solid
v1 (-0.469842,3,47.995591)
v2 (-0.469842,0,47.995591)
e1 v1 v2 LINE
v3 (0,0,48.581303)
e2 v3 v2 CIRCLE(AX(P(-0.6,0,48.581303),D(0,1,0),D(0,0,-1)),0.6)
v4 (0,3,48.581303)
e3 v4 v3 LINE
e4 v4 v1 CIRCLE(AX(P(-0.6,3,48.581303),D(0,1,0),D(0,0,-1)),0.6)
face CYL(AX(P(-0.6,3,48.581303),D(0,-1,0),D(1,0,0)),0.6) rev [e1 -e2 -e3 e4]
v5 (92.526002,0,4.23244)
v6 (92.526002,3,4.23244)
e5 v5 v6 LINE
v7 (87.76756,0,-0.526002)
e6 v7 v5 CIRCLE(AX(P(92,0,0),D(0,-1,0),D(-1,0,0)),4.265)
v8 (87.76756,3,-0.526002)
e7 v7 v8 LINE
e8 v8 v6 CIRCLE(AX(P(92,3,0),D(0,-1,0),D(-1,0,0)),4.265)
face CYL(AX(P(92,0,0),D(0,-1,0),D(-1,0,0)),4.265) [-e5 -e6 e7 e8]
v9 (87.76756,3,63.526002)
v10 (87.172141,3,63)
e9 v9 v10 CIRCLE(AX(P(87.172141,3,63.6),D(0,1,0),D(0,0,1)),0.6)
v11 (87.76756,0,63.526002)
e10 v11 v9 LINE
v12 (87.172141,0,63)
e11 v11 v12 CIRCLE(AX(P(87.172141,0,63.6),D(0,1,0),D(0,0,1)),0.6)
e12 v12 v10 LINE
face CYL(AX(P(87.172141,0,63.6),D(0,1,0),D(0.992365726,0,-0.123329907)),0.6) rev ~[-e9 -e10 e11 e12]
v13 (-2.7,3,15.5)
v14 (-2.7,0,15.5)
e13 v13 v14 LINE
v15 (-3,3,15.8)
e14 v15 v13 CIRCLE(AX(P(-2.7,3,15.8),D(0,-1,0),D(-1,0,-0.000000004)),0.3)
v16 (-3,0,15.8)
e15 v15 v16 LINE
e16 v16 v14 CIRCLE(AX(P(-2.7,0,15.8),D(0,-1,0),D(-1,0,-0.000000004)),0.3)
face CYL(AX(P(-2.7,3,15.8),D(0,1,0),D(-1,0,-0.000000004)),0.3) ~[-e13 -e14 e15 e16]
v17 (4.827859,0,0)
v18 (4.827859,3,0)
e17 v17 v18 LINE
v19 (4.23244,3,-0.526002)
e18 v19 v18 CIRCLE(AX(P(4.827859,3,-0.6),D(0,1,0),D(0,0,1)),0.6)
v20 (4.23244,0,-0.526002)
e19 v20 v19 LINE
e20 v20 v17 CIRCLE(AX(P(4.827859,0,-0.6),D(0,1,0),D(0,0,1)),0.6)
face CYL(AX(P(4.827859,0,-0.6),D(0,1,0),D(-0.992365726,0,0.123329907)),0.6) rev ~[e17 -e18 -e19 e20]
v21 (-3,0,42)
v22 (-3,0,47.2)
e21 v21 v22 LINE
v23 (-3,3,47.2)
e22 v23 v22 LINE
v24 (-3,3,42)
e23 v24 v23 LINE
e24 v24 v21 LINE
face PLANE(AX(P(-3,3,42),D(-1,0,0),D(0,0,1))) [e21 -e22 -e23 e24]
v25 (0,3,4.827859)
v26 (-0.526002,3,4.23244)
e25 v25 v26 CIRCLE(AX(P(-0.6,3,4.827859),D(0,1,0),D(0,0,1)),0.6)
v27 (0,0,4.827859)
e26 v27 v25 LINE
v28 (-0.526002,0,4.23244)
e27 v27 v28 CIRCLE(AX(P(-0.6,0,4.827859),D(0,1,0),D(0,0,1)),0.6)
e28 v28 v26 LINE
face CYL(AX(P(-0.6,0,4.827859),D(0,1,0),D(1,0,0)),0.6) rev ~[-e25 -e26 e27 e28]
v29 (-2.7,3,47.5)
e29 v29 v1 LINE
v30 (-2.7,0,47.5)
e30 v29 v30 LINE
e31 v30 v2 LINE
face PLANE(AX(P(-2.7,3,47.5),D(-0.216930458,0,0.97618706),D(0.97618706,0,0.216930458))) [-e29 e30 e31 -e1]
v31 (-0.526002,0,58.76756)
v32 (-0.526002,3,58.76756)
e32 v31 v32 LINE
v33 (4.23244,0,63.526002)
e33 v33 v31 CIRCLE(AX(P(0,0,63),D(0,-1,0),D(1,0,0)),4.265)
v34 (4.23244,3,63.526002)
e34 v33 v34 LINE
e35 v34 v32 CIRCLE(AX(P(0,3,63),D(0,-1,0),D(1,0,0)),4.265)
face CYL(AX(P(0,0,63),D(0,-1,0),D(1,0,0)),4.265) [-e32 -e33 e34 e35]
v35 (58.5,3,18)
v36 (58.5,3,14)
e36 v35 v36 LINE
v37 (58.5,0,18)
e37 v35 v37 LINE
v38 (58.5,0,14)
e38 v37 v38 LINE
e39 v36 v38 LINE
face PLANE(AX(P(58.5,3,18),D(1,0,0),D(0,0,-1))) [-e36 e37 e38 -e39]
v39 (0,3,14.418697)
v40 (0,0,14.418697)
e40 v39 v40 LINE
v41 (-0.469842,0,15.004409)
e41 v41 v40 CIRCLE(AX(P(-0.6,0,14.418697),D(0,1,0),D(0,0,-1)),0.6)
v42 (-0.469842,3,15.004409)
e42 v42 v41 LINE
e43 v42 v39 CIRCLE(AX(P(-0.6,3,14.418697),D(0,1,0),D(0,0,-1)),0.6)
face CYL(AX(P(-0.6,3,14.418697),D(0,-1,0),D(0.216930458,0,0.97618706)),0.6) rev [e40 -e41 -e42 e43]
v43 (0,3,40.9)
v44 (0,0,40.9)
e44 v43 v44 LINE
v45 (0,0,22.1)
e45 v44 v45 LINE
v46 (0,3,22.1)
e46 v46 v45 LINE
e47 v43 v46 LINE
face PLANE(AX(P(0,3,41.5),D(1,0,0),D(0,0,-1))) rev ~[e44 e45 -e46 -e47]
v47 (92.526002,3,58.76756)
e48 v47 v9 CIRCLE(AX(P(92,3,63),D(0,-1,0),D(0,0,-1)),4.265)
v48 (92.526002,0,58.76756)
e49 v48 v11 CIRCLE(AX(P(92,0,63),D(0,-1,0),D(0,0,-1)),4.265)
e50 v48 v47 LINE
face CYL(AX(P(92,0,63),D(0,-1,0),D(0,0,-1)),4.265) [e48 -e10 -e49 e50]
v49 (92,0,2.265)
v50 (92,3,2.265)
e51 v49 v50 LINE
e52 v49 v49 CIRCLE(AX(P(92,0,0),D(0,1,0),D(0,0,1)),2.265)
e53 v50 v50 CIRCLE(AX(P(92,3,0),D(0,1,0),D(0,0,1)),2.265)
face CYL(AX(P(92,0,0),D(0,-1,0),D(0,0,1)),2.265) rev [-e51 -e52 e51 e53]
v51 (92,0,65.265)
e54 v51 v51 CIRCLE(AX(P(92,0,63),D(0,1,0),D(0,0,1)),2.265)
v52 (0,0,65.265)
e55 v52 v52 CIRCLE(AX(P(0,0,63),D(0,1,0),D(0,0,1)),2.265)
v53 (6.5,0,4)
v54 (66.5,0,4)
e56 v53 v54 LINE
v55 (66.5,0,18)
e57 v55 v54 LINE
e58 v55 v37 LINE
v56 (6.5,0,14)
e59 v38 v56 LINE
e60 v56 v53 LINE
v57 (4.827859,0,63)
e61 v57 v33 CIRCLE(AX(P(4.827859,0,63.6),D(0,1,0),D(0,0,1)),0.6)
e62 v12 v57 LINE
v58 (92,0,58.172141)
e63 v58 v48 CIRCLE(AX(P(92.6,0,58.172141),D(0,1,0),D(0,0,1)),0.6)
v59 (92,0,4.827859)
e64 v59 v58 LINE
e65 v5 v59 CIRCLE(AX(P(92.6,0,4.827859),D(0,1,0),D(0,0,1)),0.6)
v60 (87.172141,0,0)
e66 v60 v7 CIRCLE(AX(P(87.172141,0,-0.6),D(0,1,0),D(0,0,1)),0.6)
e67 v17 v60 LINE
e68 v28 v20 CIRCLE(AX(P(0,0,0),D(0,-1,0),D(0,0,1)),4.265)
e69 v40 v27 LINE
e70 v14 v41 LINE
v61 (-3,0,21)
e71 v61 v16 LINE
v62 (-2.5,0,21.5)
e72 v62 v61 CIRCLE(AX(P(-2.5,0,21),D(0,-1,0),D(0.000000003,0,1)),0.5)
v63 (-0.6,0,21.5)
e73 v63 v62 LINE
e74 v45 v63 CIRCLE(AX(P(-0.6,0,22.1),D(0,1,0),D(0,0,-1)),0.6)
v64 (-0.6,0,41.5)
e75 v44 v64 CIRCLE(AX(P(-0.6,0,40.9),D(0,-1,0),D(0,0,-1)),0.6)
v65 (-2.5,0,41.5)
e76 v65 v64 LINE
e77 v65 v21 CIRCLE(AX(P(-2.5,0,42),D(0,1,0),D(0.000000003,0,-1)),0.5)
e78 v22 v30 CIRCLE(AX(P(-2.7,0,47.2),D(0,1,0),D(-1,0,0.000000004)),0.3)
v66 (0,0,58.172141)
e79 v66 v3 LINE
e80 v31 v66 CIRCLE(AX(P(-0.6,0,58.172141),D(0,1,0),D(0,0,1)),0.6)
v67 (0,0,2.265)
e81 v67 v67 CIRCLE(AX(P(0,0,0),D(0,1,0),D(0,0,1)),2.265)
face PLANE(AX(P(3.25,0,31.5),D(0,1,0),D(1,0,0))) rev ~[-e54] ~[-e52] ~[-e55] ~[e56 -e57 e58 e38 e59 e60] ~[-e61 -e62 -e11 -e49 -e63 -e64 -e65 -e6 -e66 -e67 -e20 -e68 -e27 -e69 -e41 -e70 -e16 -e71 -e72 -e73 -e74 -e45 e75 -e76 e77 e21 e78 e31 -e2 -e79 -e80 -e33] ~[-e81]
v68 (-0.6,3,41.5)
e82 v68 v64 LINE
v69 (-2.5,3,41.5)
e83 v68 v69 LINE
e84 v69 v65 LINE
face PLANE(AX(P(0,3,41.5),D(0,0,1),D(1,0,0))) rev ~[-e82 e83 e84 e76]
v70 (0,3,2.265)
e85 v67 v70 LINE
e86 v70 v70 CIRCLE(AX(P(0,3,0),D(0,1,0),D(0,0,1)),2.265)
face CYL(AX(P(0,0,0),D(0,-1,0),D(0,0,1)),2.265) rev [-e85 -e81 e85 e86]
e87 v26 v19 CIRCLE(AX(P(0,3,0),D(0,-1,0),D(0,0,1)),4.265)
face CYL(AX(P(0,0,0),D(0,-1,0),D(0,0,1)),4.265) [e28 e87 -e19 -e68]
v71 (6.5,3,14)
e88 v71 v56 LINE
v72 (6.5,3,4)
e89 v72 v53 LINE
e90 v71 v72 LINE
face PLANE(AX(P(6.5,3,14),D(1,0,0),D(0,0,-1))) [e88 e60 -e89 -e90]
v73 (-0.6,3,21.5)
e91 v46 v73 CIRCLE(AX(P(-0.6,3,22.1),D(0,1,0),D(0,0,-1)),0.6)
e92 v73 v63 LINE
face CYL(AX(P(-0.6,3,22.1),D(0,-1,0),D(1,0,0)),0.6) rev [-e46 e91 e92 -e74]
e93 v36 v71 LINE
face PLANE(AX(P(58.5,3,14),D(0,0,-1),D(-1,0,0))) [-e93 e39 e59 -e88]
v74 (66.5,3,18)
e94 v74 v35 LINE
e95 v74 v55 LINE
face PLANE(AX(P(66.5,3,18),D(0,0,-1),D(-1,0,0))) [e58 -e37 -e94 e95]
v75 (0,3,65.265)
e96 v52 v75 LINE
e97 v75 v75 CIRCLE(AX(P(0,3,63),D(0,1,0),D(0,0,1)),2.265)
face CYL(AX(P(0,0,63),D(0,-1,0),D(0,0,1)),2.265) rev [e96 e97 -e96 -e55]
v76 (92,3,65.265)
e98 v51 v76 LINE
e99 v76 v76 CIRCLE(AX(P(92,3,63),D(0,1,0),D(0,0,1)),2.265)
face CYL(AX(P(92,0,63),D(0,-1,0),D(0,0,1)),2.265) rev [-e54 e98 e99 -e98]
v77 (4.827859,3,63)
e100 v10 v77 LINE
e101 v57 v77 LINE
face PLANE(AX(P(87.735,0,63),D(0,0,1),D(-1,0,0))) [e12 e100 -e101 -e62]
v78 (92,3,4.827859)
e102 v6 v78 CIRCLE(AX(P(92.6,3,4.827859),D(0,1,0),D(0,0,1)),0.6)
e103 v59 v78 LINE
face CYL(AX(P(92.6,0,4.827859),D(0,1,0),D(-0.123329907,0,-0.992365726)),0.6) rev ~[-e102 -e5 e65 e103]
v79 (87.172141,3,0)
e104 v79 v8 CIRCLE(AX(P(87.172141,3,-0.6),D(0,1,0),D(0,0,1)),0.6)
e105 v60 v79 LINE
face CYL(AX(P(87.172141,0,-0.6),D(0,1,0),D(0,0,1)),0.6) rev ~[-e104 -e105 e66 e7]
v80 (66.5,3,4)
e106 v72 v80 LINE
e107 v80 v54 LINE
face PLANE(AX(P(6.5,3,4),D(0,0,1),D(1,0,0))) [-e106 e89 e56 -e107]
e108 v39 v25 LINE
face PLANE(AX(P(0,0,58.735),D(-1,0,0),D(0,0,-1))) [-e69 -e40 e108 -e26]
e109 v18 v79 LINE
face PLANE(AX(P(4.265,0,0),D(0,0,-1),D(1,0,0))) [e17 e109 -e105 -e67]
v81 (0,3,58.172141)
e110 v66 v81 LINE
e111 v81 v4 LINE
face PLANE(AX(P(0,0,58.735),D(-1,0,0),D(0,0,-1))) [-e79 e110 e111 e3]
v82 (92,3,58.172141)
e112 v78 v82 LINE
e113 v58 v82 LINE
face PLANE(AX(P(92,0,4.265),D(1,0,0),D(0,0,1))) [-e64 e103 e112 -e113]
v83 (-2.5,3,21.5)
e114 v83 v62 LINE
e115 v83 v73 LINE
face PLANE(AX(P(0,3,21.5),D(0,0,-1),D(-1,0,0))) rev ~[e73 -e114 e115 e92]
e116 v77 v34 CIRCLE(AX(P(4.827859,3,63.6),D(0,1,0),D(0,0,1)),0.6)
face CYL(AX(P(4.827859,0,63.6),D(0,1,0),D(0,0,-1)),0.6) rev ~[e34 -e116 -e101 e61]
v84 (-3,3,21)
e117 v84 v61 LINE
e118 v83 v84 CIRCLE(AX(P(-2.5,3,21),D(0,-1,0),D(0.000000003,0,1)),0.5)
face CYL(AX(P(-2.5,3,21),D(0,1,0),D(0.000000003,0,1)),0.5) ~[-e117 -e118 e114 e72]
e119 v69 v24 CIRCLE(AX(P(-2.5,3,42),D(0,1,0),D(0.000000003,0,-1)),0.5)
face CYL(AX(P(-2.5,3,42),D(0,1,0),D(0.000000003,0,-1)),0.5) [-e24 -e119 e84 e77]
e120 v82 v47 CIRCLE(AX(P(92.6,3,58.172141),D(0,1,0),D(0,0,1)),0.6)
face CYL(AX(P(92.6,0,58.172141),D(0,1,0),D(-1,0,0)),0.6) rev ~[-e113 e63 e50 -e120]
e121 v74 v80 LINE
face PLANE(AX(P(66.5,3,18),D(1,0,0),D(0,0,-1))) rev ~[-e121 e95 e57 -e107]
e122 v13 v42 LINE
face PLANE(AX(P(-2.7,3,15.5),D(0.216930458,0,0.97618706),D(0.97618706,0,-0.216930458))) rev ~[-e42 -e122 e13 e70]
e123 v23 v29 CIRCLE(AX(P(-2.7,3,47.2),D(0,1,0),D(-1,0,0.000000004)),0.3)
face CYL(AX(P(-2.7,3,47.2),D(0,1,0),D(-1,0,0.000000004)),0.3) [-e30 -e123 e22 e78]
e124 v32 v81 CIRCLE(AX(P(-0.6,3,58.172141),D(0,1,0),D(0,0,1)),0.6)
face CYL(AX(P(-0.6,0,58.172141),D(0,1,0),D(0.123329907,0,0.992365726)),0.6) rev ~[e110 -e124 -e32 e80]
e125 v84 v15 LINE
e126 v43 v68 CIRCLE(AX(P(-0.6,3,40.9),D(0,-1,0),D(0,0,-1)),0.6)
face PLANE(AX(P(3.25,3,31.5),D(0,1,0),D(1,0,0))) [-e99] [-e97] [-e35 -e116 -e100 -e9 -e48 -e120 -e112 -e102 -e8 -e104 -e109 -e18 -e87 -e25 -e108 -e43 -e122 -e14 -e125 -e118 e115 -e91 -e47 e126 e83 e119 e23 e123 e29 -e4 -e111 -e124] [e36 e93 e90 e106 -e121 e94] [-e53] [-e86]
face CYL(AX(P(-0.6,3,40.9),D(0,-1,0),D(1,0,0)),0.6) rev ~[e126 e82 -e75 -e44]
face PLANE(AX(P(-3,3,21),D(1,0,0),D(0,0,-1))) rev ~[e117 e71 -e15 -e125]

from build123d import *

# Parameters (mm, degrees)
SKETCH1_R           = 2.265
BOSS_EXTRUDE1_DEPTH = 3
CUT_EXTRUDE1_DEPTH  = 3
SKETCH3_W           = 6.5
SKETCH3_H           = 20
CUT_EXTRUDE2_DEPTH  = 3
BOSS_EXTRUDE2_DEPTH = 3
SKETCH5_W           = 6.5
SKETCH5_H           = 20
BOSS_EXTRUDE3_DEPTH = 3
FILLET1_R           = 0.6


with BuildPart() as part:
    # Sketch1 → Boss-Extrude1 (new body)
    with BuildSketch(Plane(origin=(0, 0, 0), x_dir=(1, 0, 0), z_dir=(0, 1, 0))):
        with BuildLine():
            Line((4.265, 0), (87.735, 0))
            ThreePointArc((87.735, 0), (95.015810422, 3.015810422), (92, -4.265))
            Line((92, -4.265), (92, -58.735))
            ThreePointArc((92, -58.735), (95.015810422, -66.015810422), (87.735, -63))
            Line((87.735, -63), (4.265, -63))
            ThreePointArc((4.265, -63), (-3.015810422, -66.015810422), (0, -58.735))
            Line((0, -58.735), (0, -4.265))
            ThreePointArc((0, -4.265), (-3.015810422, 3.015810422), (4.265, 0))
        make_face()
        with Locations(Location((0, 0, 0), (0, 0, 270))):
            Circle(SKETCH1_R, mode=Mode.SUBTRACT)
        with Locations(Location((92, 0, 0), (0, 0, 270))):
            Circle(SKETCH1_R, mode=Mode.SUBTRACT)
        with Locations(Location((92, -63, 0), (0, 0, 270))):
            Circle(SKETCH1_R, mode=Mode.SUBTRACT)
        with Locations(Location((0, -63, 0), (0, 0, 270))):
            Circle(SKETCH1_R, mode=Mode.SUBTRACT)
    extrude(amount=BOSS_EXTRUDE1_DEPTH)

    # Sketch2 → Cut-Extrude1 (cut)
    with BuildSketch(Plane(origin=(0, 3, 0), x_dir=(1, 0, 0), z_dir=(0, 1, 0))):
        Polygon((6.5, -4), (66.5, -4), (66.5, -14), (66.5, -18), (58.5, -18), (58.5, -14), (6.5, -14), align=None)
    extrude(amount=-CUT_EXTRUDE1_DEPTH, mode=Mode.SUBTRACT)

    # Sketch3 → Cut-Extrude2 (cut)
    with BuildSketch(Plane(origin=(0, 3, 0), x_dir=(1, 0, 0), z_dir=(0, 1, 0))):
        with Locations((3.25, -31.5)):
            Rectangle(SKETCH3_W, SKETCH3_H)
    extrude(amount=-CUT_EXTRUDE2_DEPTH, mode=Mode.SUBTRACT)

    # Sketch4 → Boss-Extrude2 (add)
    with BuildSketch(Plane(origin=(0, 3, 0), x_dir=(1, 0, 0), z_dir=(0, 1, 0))):
        with BuildLine():
            Line((-2.7, -15.5), (0, -14.9))
            Line((0, -14.9), (0, -21.5))
            Line((0, -21.5), (-2.5, -21.5))
            ThreePointArc((-2.5, -21.5), (-2.853553391, -21.353553391), (-3, -21))
            Line((-3, -21), (-3, -15.8))
            ThreePointArc((-3, -15.8), (-2.912132034, -15.587867966), (-2.7, -15.5))
        make_face()
        with BuildLine():
            Line((-3, -42), (-3, -47.2))
            ThreePointArc((-3, -47.2), (-2.912132034, -47.412132034), (-2.7, -47.5))
            Line((-2.7, -47.5), (0, -48.1))
            Line((0, -48.1), (0, -41.5))
            Line((0, -41.5), (-2.5, -41.5))
            ThreePointArc((-2.5, -41.5), (-2.853553391, -41.646446609), (-3, -42))
        make_face()
    extrude(amount=-BOSS_EXTRUDE2_DEPTH)

    # Sketch5 → Boss-Extrude3 (add)
    with BuildSketch(Plane(origin=(0, 3, 0), x_dir=(1, 0, 0), z_dir=(0, 1, 0))):
        with Locations((3.25, -31.5)):
            Rectangle(SKETCH5_W, SKETCH5_H)
    extrude(amount=-BOSS_EXTRUDE3_DEPTH)

    # Fillet1
    fillet1_edges = [part.edges().sort_by_distance(p)[0] for p in [
        (0, 1.5, 48.1),
        (0, 1.5, 41.5),
        (0, 1.5, 21.5),
        (92, 1.5, 4.265),
        (92, 1.5, 58.735),
        (87.735, 1.5, 63),
        (4.265, 1.5, 63),
        (0, 1.5, 58.735),
        (0, 1.5, 4.265),
        (4.265, 1.5, 0),
        (87.735, 1.5, 0),
        (0, 1.5, 14.9),
    ]]
    fillet(fillet1_edges, radius=FILLET1_R)


solid = part.part
